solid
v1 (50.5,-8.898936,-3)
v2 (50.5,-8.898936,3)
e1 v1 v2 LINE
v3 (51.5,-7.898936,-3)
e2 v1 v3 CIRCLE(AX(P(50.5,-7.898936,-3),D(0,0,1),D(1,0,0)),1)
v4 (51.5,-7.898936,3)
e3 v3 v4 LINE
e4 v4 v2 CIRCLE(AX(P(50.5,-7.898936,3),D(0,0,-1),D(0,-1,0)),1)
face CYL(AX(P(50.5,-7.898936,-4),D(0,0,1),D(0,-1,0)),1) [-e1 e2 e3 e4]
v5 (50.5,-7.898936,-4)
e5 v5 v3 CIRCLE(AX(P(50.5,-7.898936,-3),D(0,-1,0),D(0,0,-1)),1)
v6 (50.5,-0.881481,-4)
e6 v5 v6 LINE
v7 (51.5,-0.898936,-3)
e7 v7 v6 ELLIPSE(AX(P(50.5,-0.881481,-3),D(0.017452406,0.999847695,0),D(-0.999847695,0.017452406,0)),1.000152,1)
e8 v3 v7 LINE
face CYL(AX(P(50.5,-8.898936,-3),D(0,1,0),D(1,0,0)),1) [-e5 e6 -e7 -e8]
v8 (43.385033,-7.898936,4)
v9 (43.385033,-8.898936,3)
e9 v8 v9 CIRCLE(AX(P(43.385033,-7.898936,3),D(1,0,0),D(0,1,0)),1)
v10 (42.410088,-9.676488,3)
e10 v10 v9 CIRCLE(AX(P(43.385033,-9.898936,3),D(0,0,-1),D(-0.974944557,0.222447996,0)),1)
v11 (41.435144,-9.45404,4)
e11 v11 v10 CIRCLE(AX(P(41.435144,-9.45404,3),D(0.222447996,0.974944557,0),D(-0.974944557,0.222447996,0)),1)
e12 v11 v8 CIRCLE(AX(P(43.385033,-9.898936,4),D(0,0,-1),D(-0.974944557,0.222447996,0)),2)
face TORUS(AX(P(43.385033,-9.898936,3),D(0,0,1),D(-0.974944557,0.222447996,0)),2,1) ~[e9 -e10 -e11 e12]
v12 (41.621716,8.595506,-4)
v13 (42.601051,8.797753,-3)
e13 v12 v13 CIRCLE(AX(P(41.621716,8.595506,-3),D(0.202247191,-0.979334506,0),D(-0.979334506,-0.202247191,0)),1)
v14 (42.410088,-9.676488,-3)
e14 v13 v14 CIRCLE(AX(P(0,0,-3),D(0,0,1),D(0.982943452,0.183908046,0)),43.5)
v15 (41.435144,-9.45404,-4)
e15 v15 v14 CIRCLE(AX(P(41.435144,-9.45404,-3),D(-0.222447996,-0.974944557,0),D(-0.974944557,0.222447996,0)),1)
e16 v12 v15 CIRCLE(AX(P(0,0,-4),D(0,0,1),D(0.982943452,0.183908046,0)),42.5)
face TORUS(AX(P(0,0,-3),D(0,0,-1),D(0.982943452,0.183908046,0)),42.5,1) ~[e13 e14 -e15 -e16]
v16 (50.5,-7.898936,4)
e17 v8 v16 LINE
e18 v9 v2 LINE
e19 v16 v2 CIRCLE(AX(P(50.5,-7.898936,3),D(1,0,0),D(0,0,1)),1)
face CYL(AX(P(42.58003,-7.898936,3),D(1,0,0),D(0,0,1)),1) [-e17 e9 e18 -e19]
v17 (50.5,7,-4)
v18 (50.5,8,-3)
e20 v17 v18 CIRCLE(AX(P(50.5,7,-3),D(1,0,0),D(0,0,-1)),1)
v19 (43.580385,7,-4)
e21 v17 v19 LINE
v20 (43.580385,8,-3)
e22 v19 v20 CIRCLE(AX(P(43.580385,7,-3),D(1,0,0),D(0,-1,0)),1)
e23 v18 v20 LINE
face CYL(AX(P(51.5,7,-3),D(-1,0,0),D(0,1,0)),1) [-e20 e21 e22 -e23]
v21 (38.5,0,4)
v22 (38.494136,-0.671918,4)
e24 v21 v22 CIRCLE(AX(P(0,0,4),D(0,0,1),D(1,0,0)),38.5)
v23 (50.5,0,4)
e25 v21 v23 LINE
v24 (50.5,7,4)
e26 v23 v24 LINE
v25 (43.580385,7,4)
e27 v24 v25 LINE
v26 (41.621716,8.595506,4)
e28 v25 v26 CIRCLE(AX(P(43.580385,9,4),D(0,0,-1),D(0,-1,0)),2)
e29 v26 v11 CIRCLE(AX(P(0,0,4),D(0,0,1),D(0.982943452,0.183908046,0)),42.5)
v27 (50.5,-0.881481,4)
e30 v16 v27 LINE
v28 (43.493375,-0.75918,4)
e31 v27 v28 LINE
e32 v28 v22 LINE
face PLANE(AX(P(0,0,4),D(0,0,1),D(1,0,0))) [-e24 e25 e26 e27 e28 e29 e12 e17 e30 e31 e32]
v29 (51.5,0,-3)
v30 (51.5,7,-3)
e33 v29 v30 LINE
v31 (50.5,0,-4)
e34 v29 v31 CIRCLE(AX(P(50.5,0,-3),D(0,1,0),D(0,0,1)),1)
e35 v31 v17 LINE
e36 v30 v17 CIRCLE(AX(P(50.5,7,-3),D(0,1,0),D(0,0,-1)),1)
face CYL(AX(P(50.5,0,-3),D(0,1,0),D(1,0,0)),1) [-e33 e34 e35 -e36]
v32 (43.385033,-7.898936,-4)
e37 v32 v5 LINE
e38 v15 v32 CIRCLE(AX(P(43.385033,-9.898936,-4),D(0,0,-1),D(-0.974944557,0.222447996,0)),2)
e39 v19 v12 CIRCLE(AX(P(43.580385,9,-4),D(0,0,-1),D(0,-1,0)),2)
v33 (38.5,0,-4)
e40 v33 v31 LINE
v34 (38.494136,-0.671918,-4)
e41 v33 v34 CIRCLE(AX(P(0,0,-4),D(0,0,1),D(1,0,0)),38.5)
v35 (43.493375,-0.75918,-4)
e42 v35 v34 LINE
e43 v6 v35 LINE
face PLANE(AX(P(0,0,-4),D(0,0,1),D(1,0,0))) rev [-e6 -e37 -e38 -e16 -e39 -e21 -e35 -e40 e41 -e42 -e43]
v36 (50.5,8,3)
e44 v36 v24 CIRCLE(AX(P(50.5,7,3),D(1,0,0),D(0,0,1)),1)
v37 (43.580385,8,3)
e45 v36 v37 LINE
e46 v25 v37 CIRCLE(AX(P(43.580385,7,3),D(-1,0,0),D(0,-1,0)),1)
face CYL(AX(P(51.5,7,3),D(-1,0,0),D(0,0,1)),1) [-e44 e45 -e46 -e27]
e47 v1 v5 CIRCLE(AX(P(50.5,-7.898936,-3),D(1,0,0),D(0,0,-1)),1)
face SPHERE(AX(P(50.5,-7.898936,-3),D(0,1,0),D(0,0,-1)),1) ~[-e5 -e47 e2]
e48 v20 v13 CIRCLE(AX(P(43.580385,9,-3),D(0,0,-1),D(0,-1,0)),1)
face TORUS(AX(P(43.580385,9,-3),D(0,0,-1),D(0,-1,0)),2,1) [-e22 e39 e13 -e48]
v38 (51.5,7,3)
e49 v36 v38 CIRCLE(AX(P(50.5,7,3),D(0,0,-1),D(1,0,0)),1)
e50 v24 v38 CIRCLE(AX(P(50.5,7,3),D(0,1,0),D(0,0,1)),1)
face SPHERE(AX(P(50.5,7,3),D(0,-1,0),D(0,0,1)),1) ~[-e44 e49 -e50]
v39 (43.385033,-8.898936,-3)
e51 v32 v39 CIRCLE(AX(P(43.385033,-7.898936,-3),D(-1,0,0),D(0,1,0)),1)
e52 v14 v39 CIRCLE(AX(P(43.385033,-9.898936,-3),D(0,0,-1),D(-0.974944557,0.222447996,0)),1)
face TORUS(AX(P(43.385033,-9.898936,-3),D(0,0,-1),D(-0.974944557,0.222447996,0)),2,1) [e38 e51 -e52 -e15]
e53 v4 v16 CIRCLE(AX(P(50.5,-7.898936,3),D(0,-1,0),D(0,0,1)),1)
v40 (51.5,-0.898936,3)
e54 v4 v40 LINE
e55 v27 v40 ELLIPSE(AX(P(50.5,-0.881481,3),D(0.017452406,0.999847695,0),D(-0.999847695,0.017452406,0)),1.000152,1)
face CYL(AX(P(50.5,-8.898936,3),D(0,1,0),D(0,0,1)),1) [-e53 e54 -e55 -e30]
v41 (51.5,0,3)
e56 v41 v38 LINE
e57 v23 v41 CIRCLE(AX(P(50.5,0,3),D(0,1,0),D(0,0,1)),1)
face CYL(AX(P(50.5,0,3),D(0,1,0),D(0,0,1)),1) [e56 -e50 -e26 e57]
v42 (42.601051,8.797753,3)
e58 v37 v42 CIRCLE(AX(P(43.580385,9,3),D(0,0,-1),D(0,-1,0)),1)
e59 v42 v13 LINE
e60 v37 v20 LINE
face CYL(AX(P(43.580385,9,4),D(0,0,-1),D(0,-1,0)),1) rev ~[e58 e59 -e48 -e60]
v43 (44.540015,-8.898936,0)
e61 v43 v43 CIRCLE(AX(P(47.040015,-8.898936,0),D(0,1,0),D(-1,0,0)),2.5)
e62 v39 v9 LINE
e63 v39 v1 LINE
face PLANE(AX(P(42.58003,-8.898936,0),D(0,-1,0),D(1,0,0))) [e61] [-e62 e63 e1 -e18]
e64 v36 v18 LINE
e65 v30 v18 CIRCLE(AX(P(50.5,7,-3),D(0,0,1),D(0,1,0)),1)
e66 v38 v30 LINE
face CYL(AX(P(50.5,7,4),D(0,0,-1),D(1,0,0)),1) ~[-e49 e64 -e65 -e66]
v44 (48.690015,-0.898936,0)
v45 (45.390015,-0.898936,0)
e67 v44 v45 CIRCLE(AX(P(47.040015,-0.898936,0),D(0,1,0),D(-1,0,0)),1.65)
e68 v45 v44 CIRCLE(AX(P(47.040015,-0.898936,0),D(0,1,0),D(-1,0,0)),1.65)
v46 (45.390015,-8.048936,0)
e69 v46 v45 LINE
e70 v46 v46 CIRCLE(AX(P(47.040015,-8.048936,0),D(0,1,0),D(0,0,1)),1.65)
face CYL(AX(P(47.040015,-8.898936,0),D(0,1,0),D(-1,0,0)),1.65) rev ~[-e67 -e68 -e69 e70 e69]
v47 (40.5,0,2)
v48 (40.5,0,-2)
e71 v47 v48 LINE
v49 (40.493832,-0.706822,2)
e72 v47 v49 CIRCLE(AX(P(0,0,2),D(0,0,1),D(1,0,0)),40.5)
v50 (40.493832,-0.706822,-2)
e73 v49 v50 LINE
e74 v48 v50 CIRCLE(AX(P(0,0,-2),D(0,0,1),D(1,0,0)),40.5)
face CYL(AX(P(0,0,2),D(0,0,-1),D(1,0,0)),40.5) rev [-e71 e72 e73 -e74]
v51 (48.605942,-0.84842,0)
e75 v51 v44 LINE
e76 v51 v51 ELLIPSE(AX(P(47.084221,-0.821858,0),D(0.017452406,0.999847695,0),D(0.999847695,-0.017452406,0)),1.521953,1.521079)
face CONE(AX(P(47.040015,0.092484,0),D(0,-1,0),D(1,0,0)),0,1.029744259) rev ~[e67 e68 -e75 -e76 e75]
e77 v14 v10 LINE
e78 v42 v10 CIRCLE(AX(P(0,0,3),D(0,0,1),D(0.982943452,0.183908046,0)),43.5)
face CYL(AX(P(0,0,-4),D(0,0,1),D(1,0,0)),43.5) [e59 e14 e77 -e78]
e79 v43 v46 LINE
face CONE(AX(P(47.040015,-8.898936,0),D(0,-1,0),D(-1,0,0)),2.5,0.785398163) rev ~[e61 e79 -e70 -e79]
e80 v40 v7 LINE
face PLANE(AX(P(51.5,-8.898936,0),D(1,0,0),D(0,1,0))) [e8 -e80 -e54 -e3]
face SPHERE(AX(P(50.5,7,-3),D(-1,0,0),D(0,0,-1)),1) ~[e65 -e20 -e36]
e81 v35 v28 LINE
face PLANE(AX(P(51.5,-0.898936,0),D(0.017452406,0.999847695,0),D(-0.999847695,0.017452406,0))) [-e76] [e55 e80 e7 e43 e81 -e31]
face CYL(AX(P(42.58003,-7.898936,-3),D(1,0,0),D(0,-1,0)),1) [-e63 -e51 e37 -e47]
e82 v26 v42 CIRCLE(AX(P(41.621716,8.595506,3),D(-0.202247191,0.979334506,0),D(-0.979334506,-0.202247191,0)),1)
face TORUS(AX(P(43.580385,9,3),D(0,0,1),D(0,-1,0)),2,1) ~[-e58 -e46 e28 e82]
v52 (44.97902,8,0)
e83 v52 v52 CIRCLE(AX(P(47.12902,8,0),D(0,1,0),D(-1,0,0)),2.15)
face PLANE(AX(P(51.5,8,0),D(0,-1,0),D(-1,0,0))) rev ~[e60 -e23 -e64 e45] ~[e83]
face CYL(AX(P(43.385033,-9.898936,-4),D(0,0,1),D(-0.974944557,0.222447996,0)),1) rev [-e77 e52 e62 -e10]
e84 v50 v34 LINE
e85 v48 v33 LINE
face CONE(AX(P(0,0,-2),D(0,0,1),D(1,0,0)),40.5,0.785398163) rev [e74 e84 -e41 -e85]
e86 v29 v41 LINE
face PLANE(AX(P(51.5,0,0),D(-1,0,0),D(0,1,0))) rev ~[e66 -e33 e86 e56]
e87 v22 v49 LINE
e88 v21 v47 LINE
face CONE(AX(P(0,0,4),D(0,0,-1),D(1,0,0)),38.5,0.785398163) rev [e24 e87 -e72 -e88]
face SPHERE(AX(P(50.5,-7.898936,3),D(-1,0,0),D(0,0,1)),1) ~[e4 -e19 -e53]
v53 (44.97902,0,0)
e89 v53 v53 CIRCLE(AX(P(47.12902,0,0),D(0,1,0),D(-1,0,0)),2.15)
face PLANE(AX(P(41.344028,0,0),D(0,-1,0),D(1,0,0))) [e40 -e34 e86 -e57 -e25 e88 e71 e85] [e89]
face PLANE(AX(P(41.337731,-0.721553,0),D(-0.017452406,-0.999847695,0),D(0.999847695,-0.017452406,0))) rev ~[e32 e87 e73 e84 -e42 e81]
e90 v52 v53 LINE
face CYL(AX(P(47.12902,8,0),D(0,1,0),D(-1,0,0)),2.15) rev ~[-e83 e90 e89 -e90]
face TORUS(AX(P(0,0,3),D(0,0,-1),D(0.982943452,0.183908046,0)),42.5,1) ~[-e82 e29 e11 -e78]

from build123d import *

# Parameters (mm, degrees)
F1_ANGLE       = 359
F3_DEPTH       = 4
F5_D           = 3.3
F5_DEPTH       = 8
F5_CSINK_D     = 5
F5_CSINK_ANGLE = 90
F5_TIP         = 0.9914200214
F6_R           = 2.15
F7_DEPTH       = 8
F8_R           = 1


with BuildPart() as f1:
    # F0 (on Front) → F1 (revolve)
    with BuildSketch(Plane.XZ):
        Polygon((38.5, 4), (40.5, 2), (40.5, -2), (38.5, -4), (43.5, -4), (43.5, 4), align=None)
    revolve(axis=Axis((0, 0, 13.8600002974), (0, 0, 1)), revolution_arc=F1_ANGLE)

    # F2 (on Top) → F3 (join, symmetric)
    with BuildSketch(Plane.XY):
        Polygon((42.7580401796, 8), (42.6183996602, 0), (43.5, 0), (51.5, 0), (51.5, 8), align=None)
        Polygon((42.5800298362, -0.7432371854), (42.5800298362, -8.8989358438), (51.5, -8.8989358438), (51.5, -0.8989358438), (43.4933747393, -0.75917968), align=None)
    extrude(amount=F3_DEPTH, both=True)

    # F5
    with Locations(Plane.XZ.offset(8.8989358438)):
        with Locations((47.0400149181, 0)):
            CounterSinkHole(F5_D / 2, F5_CSINK_D / 2, depth=F5_DEPTH, counter_sink_angle=F5_CSINK_ANGLE)
            with Locations((0, 0, -(F5_DEPTH + F5_TIP / 2))):  # 118° drill point
                Cone(0, F5_D / 2, F5_TIP, mode=Mode.SUBTRACT)

    # F6 (on face) → F7 (cut, through all)
    with BuildSketch(Plane(origin=(0, 8, 0), x_dir=(-1, 0, 0), z_dir=(0, 1, 0))):
        with Locations((-47.1290200898, 0)):
            Circle(F6_R)
    extrude(amount=-F7_DEPTH, mode=Mode.SUBTRACT)

    # F8
    f8_edges = [f1.edges().sort_by_distance(p)[0] for p in [
        (47.12902, 8, -4),
        (-43.497587, 0.458196, -4),
        (51.5, 4, -4),
        (51.5, -4.898936, -4),
        (47.040015, -8.898936, -4),
        (51.5, 4, 4),
        (47.12902, 8, 4),
        (-43.497587, 0.458196, 4),
        (47.040015, -8.898936, 4),
        (51.5, -4.898936, 4),
        (51.5, -8.898936, 0),
        (51.5, 8, 0),
        (42.75804, 8, 0),
        (42.58003, -8.898936, 0),
    ]]
    fillet(f8_edges, radius=F8_R)


solid = f1.part
